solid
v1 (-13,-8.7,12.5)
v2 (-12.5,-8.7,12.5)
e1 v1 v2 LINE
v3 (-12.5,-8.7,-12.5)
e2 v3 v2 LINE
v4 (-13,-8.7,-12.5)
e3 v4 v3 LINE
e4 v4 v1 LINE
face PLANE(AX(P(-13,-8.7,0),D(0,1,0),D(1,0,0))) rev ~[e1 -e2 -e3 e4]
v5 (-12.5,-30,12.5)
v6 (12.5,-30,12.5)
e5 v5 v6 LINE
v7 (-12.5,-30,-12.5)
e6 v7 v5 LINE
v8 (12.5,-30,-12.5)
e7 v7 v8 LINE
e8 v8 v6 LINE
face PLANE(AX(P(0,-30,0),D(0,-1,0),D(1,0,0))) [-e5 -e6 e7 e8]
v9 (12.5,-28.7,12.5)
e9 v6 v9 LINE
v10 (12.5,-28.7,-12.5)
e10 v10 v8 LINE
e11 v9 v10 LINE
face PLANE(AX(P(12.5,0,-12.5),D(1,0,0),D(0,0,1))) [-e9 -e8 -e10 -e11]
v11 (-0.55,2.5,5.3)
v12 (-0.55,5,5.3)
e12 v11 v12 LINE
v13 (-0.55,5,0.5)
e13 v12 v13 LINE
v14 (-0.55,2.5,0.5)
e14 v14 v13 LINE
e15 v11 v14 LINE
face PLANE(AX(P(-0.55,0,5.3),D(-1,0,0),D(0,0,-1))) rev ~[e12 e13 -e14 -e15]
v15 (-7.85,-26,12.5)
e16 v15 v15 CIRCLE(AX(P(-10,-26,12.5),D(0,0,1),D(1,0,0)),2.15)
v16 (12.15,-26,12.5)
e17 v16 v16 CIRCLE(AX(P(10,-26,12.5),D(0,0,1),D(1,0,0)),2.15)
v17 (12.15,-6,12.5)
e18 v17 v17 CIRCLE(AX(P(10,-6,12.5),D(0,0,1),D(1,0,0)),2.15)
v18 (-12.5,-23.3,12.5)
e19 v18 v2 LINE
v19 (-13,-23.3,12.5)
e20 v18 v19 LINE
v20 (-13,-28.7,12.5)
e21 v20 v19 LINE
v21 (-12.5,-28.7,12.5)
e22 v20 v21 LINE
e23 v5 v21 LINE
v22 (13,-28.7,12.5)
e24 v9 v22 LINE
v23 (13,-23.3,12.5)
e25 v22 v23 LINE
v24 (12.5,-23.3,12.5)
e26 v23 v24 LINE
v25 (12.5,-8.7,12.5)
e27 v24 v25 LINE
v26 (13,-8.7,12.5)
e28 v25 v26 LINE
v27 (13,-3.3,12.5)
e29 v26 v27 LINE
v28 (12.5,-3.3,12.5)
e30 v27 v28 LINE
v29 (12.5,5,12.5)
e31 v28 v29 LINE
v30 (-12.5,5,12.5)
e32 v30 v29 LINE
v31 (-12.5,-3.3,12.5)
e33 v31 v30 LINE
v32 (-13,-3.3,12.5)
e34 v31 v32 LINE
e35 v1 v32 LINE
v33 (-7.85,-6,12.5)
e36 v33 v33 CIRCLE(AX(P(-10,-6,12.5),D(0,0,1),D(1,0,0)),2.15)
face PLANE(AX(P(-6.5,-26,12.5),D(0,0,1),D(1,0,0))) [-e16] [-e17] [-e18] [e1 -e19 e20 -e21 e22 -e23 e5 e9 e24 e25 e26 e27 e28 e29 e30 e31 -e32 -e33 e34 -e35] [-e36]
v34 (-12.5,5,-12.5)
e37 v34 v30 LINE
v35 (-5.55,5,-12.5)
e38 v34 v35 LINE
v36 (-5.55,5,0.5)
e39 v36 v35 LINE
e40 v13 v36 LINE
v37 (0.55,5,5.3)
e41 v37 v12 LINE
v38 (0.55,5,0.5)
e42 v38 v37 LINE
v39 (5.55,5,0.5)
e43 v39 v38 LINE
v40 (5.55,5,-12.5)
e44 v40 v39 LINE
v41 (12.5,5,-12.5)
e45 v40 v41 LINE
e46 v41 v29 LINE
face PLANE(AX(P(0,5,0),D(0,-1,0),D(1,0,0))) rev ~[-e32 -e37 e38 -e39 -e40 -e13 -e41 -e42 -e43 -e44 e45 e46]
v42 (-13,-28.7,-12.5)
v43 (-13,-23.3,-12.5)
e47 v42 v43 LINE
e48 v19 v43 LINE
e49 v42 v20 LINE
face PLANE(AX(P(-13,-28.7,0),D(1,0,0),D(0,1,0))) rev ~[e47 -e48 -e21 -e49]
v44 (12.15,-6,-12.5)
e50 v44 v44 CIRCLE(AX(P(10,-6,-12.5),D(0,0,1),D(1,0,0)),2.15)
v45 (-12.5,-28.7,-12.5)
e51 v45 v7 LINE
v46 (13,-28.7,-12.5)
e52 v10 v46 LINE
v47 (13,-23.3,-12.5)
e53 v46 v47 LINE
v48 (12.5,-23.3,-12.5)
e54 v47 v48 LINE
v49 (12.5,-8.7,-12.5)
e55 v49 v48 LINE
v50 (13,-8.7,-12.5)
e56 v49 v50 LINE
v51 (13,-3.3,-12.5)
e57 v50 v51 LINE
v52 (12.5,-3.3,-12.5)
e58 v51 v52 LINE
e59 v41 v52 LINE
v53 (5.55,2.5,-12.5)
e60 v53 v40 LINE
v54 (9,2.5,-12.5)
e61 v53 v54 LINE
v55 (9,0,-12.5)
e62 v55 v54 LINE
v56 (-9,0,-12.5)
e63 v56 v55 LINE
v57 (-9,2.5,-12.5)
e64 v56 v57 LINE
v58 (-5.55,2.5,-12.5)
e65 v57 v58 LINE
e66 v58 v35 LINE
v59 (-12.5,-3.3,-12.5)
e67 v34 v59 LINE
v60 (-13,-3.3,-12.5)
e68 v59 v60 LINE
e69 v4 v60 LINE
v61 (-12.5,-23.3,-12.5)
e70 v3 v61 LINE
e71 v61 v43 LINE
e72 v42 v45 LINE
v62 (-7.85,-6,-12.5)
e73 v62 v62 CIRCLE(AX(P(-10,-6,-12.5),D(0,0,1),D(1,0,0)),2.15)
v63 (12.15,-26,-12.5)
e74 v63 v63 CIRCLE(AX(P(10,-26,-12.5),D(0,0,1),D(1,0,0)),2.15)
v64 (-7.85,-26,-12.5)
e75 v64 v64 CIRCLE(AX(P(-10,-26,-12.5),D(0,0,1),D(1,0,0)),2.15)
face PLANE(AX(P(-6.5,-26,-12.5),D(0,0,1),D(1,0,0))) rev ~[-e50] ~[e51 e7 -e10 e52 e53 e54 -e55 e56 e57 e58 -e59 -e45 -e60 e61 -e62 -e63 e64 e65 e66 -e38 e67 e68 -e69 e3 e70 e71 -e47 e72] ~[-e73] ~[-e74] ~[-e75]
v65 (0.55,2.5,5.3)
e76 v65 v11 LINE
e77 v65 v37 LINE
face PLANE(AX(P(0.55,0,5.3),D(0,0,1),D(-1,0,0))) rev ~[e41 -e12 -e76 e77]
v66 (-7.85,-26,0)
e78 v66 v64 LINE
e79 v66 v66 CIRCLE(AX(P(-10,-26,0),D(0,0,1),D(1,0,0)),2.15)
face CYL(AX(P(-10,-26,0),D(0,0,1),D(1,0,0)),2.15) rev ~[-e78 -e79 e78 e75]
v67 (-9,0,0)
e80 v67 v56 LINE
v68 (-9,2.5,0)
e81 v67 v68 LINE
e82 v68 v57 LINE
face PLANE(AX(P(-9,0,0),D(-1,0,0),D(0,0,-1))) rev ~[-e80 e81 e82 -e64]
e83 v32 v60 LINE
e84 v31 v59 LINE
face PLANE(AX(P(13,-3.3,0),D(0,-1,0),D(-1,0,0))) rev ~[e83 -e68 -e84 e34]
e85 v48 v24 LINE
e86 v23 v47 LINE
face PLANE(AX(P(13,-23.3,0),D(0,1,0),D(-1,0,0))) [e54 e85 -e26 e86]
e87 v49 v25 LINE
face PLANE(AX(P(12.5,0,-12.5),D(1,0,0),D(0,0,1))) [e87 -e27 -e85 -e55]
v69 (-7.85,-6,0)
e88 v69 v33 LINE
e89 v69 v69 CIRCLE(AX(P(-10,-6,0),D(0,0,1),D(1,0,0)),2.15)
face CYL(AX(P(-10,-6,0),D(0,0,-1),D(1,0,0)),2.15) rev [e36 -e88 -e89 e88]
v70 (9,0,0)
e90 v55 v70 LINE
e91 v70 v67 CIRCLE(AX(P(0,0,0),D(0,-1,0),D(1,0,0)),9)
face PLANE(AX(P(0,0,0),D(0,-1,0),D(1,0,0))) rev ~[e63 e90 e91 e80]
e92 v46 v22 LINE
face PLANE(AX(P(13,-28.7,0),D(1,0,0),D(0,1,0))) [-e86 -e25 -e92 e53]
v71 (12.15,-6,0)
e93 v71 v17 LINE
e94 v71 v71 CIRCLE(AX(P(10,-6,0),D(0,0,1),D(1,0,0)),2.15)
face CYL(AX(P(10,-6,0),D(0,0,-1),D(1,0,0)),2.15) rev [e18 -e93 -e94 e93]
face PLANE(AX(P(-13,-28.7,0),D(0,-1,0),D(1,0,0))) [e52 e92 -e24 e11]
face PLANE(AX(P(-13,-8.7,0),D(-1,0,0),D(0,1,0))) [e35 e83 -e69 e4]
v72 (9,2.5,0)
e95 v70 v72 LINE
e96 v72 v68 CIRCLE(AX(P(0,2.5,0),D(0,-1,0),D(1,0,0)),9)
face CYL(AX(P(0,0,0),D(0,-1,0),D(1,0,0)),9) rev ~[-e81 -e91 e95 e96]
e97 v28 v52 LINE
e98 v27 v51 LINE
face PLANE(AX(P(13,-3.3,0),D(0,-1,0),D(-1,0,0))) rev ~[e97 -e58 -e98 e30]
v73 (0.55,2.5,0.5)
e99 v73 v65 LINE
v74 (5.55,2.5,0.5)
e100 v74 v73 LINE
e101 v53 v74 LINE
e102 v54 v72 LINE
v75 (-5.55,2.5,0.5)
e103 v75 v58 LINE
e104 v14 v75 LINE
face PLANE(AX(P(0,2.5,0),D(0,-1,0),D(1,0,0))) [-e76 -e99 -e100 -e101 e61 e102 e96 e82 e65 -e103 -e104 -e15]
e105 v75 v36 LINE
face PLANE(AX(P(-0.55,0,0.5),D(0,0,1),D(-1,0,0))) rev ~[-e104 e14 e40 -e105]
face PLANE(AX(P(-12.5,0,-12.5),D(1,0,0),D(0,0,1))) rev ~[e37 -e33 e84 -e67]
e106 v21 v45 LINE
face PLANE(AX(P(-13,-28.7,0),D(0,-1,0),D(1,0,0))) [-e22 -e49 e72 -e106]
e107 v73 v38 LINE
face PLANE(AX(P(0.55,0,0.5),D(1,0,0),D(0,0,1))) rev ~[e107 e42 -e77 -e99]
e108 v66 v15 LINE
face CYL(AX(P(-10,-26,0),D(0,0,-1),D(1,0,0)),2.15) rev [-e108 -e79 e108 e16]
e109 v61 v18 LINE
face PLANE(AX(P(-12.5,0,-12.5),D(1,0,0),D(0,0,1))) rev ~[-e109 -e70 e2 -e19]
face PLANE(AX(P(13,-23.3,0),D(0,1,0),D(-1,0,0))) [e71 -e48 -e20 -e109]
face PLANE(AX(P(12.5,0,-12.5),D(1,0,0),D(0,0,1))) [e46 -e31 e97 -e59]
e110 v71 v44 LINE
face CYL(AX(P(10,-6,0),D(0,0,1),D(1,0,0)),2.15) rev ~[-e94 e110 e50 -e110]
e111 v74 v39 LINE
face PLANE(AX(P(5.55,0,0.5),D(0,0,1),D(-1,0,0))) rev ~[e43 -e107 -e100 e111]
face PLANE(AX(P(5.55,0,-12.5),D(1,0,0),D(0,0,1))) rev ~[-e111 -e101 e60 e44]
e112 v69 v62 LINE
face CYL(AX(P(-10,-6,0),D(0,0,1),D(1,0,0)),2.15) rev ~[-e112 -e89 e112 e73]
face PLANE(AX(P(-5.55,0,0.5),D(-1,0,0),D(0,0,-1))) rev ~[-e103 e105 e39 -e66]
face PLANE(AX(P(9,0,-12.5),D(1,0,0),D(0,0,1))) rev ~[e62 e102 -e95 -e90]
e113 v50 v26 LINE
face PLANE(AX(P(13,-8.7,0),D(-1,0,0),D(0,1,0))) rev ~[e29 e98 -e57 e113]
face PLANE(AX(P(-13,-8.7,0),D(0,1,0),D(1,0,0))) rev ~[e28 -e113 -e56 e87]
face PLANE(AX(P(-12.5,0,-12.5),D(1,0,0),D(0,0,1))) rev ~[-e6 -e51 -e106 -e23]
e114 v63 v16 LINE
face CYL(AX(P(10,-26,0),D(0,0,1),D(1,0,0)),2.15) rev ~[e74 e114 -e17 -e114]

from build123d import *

# Parameters (mm, degrees)
F0_W      = 25
F0_H      = 25
F1_DEPTH  = 30
F2_W      = 25
F2_H      = 25
F3_DEPTH  = 5
F5_DEPTH  = 2.5
F7_DEPTH  = 25
F9_W      = 13
F9_H      = 5.4
F10_DEPTH = 12.5
F8_R      = 2.15
F11_DEPTH = 12.5


with BuildPart() as f1:
    # F0 (on Front) → F1 (new body)
    with BuildSketch(Plane.XZ):
        Rectangle(F0_W, F0_H)
    extrude(amount=F1_DEPTH)

    # F2 (on Front) → F3 (join)
    with BuildSketch(Plane.XZ):
        Rectangle(F2_W, F2_H)
    extrude(amount=-F3_DEPTH)

    # F4 (on Front) → F5 (cut)
    with BuildSketch(Plane.XZ):
        with BuildLine():
            ThreePointArc((-9, 0), (0, -9), (9, 0))
            ThreePointArc((9, 0), (0, 9), (-9, 0))
        make_face()
        with BuildLine():
            Line((9, -12.5), (9, 0))
            ThreePointArc((9, 0), (0, -9), (-9, 0))
            Line((-9, 0), (-9, -12.5))
            Line((-9, -12.5), (9, -12.5))
        make_face()
    extrude(amount=-F5_DEPTH, mode=Mode.SUBTRACT)

    # F6 (on Front) → F7 (cut)
    with BuildSketch(Plane.XZ):
        Polygon((0.55, 0.5), (0.55, 5.3), (-0.55, 5.3), (-0.55, 0.5), (-5.55, 0.5), (-5.55, -12.5), (5.55, -12.5), (5.55, 0.5), align=None)
    extrude(amount=-F7_DEPTH, mode=Mode.SUBTRACT)

    # F9 (on Top) → F10 (join, symmetric)
    with BuildSketch(Plane.XY):
        with Locations((-6.5, -6)):
            Rectangle(F9_W, F9_H)
        with Locations((6.5, -6)):
            Rectangle(F9_W, F9_H)
        with Locations((-6.5, -26)):
            Rectangle(F9_W, F9_H)
        with Locations((6.5, -26)):
            Rectangle(F9_W, F9_H)
    extrude(amount=F10_DEPTH, both=True)

    # F8 (on Top) → F11 (cut, symmetric)
    with BuildSketch(Plane.XY):
        with Locations((-10, -6)):
            Circle(F8_R)
        with Locations((-10, -26)):
            Circle(F8_R)
        with Locations((10, -6)):
            Circle(F8_R)
        with Locations((10, -26)):
            Circle(F8_R)
    extrude(amount=F11_DEPTH, both=True, mode=Mode.SUBTRACT)


solid = f1.part
